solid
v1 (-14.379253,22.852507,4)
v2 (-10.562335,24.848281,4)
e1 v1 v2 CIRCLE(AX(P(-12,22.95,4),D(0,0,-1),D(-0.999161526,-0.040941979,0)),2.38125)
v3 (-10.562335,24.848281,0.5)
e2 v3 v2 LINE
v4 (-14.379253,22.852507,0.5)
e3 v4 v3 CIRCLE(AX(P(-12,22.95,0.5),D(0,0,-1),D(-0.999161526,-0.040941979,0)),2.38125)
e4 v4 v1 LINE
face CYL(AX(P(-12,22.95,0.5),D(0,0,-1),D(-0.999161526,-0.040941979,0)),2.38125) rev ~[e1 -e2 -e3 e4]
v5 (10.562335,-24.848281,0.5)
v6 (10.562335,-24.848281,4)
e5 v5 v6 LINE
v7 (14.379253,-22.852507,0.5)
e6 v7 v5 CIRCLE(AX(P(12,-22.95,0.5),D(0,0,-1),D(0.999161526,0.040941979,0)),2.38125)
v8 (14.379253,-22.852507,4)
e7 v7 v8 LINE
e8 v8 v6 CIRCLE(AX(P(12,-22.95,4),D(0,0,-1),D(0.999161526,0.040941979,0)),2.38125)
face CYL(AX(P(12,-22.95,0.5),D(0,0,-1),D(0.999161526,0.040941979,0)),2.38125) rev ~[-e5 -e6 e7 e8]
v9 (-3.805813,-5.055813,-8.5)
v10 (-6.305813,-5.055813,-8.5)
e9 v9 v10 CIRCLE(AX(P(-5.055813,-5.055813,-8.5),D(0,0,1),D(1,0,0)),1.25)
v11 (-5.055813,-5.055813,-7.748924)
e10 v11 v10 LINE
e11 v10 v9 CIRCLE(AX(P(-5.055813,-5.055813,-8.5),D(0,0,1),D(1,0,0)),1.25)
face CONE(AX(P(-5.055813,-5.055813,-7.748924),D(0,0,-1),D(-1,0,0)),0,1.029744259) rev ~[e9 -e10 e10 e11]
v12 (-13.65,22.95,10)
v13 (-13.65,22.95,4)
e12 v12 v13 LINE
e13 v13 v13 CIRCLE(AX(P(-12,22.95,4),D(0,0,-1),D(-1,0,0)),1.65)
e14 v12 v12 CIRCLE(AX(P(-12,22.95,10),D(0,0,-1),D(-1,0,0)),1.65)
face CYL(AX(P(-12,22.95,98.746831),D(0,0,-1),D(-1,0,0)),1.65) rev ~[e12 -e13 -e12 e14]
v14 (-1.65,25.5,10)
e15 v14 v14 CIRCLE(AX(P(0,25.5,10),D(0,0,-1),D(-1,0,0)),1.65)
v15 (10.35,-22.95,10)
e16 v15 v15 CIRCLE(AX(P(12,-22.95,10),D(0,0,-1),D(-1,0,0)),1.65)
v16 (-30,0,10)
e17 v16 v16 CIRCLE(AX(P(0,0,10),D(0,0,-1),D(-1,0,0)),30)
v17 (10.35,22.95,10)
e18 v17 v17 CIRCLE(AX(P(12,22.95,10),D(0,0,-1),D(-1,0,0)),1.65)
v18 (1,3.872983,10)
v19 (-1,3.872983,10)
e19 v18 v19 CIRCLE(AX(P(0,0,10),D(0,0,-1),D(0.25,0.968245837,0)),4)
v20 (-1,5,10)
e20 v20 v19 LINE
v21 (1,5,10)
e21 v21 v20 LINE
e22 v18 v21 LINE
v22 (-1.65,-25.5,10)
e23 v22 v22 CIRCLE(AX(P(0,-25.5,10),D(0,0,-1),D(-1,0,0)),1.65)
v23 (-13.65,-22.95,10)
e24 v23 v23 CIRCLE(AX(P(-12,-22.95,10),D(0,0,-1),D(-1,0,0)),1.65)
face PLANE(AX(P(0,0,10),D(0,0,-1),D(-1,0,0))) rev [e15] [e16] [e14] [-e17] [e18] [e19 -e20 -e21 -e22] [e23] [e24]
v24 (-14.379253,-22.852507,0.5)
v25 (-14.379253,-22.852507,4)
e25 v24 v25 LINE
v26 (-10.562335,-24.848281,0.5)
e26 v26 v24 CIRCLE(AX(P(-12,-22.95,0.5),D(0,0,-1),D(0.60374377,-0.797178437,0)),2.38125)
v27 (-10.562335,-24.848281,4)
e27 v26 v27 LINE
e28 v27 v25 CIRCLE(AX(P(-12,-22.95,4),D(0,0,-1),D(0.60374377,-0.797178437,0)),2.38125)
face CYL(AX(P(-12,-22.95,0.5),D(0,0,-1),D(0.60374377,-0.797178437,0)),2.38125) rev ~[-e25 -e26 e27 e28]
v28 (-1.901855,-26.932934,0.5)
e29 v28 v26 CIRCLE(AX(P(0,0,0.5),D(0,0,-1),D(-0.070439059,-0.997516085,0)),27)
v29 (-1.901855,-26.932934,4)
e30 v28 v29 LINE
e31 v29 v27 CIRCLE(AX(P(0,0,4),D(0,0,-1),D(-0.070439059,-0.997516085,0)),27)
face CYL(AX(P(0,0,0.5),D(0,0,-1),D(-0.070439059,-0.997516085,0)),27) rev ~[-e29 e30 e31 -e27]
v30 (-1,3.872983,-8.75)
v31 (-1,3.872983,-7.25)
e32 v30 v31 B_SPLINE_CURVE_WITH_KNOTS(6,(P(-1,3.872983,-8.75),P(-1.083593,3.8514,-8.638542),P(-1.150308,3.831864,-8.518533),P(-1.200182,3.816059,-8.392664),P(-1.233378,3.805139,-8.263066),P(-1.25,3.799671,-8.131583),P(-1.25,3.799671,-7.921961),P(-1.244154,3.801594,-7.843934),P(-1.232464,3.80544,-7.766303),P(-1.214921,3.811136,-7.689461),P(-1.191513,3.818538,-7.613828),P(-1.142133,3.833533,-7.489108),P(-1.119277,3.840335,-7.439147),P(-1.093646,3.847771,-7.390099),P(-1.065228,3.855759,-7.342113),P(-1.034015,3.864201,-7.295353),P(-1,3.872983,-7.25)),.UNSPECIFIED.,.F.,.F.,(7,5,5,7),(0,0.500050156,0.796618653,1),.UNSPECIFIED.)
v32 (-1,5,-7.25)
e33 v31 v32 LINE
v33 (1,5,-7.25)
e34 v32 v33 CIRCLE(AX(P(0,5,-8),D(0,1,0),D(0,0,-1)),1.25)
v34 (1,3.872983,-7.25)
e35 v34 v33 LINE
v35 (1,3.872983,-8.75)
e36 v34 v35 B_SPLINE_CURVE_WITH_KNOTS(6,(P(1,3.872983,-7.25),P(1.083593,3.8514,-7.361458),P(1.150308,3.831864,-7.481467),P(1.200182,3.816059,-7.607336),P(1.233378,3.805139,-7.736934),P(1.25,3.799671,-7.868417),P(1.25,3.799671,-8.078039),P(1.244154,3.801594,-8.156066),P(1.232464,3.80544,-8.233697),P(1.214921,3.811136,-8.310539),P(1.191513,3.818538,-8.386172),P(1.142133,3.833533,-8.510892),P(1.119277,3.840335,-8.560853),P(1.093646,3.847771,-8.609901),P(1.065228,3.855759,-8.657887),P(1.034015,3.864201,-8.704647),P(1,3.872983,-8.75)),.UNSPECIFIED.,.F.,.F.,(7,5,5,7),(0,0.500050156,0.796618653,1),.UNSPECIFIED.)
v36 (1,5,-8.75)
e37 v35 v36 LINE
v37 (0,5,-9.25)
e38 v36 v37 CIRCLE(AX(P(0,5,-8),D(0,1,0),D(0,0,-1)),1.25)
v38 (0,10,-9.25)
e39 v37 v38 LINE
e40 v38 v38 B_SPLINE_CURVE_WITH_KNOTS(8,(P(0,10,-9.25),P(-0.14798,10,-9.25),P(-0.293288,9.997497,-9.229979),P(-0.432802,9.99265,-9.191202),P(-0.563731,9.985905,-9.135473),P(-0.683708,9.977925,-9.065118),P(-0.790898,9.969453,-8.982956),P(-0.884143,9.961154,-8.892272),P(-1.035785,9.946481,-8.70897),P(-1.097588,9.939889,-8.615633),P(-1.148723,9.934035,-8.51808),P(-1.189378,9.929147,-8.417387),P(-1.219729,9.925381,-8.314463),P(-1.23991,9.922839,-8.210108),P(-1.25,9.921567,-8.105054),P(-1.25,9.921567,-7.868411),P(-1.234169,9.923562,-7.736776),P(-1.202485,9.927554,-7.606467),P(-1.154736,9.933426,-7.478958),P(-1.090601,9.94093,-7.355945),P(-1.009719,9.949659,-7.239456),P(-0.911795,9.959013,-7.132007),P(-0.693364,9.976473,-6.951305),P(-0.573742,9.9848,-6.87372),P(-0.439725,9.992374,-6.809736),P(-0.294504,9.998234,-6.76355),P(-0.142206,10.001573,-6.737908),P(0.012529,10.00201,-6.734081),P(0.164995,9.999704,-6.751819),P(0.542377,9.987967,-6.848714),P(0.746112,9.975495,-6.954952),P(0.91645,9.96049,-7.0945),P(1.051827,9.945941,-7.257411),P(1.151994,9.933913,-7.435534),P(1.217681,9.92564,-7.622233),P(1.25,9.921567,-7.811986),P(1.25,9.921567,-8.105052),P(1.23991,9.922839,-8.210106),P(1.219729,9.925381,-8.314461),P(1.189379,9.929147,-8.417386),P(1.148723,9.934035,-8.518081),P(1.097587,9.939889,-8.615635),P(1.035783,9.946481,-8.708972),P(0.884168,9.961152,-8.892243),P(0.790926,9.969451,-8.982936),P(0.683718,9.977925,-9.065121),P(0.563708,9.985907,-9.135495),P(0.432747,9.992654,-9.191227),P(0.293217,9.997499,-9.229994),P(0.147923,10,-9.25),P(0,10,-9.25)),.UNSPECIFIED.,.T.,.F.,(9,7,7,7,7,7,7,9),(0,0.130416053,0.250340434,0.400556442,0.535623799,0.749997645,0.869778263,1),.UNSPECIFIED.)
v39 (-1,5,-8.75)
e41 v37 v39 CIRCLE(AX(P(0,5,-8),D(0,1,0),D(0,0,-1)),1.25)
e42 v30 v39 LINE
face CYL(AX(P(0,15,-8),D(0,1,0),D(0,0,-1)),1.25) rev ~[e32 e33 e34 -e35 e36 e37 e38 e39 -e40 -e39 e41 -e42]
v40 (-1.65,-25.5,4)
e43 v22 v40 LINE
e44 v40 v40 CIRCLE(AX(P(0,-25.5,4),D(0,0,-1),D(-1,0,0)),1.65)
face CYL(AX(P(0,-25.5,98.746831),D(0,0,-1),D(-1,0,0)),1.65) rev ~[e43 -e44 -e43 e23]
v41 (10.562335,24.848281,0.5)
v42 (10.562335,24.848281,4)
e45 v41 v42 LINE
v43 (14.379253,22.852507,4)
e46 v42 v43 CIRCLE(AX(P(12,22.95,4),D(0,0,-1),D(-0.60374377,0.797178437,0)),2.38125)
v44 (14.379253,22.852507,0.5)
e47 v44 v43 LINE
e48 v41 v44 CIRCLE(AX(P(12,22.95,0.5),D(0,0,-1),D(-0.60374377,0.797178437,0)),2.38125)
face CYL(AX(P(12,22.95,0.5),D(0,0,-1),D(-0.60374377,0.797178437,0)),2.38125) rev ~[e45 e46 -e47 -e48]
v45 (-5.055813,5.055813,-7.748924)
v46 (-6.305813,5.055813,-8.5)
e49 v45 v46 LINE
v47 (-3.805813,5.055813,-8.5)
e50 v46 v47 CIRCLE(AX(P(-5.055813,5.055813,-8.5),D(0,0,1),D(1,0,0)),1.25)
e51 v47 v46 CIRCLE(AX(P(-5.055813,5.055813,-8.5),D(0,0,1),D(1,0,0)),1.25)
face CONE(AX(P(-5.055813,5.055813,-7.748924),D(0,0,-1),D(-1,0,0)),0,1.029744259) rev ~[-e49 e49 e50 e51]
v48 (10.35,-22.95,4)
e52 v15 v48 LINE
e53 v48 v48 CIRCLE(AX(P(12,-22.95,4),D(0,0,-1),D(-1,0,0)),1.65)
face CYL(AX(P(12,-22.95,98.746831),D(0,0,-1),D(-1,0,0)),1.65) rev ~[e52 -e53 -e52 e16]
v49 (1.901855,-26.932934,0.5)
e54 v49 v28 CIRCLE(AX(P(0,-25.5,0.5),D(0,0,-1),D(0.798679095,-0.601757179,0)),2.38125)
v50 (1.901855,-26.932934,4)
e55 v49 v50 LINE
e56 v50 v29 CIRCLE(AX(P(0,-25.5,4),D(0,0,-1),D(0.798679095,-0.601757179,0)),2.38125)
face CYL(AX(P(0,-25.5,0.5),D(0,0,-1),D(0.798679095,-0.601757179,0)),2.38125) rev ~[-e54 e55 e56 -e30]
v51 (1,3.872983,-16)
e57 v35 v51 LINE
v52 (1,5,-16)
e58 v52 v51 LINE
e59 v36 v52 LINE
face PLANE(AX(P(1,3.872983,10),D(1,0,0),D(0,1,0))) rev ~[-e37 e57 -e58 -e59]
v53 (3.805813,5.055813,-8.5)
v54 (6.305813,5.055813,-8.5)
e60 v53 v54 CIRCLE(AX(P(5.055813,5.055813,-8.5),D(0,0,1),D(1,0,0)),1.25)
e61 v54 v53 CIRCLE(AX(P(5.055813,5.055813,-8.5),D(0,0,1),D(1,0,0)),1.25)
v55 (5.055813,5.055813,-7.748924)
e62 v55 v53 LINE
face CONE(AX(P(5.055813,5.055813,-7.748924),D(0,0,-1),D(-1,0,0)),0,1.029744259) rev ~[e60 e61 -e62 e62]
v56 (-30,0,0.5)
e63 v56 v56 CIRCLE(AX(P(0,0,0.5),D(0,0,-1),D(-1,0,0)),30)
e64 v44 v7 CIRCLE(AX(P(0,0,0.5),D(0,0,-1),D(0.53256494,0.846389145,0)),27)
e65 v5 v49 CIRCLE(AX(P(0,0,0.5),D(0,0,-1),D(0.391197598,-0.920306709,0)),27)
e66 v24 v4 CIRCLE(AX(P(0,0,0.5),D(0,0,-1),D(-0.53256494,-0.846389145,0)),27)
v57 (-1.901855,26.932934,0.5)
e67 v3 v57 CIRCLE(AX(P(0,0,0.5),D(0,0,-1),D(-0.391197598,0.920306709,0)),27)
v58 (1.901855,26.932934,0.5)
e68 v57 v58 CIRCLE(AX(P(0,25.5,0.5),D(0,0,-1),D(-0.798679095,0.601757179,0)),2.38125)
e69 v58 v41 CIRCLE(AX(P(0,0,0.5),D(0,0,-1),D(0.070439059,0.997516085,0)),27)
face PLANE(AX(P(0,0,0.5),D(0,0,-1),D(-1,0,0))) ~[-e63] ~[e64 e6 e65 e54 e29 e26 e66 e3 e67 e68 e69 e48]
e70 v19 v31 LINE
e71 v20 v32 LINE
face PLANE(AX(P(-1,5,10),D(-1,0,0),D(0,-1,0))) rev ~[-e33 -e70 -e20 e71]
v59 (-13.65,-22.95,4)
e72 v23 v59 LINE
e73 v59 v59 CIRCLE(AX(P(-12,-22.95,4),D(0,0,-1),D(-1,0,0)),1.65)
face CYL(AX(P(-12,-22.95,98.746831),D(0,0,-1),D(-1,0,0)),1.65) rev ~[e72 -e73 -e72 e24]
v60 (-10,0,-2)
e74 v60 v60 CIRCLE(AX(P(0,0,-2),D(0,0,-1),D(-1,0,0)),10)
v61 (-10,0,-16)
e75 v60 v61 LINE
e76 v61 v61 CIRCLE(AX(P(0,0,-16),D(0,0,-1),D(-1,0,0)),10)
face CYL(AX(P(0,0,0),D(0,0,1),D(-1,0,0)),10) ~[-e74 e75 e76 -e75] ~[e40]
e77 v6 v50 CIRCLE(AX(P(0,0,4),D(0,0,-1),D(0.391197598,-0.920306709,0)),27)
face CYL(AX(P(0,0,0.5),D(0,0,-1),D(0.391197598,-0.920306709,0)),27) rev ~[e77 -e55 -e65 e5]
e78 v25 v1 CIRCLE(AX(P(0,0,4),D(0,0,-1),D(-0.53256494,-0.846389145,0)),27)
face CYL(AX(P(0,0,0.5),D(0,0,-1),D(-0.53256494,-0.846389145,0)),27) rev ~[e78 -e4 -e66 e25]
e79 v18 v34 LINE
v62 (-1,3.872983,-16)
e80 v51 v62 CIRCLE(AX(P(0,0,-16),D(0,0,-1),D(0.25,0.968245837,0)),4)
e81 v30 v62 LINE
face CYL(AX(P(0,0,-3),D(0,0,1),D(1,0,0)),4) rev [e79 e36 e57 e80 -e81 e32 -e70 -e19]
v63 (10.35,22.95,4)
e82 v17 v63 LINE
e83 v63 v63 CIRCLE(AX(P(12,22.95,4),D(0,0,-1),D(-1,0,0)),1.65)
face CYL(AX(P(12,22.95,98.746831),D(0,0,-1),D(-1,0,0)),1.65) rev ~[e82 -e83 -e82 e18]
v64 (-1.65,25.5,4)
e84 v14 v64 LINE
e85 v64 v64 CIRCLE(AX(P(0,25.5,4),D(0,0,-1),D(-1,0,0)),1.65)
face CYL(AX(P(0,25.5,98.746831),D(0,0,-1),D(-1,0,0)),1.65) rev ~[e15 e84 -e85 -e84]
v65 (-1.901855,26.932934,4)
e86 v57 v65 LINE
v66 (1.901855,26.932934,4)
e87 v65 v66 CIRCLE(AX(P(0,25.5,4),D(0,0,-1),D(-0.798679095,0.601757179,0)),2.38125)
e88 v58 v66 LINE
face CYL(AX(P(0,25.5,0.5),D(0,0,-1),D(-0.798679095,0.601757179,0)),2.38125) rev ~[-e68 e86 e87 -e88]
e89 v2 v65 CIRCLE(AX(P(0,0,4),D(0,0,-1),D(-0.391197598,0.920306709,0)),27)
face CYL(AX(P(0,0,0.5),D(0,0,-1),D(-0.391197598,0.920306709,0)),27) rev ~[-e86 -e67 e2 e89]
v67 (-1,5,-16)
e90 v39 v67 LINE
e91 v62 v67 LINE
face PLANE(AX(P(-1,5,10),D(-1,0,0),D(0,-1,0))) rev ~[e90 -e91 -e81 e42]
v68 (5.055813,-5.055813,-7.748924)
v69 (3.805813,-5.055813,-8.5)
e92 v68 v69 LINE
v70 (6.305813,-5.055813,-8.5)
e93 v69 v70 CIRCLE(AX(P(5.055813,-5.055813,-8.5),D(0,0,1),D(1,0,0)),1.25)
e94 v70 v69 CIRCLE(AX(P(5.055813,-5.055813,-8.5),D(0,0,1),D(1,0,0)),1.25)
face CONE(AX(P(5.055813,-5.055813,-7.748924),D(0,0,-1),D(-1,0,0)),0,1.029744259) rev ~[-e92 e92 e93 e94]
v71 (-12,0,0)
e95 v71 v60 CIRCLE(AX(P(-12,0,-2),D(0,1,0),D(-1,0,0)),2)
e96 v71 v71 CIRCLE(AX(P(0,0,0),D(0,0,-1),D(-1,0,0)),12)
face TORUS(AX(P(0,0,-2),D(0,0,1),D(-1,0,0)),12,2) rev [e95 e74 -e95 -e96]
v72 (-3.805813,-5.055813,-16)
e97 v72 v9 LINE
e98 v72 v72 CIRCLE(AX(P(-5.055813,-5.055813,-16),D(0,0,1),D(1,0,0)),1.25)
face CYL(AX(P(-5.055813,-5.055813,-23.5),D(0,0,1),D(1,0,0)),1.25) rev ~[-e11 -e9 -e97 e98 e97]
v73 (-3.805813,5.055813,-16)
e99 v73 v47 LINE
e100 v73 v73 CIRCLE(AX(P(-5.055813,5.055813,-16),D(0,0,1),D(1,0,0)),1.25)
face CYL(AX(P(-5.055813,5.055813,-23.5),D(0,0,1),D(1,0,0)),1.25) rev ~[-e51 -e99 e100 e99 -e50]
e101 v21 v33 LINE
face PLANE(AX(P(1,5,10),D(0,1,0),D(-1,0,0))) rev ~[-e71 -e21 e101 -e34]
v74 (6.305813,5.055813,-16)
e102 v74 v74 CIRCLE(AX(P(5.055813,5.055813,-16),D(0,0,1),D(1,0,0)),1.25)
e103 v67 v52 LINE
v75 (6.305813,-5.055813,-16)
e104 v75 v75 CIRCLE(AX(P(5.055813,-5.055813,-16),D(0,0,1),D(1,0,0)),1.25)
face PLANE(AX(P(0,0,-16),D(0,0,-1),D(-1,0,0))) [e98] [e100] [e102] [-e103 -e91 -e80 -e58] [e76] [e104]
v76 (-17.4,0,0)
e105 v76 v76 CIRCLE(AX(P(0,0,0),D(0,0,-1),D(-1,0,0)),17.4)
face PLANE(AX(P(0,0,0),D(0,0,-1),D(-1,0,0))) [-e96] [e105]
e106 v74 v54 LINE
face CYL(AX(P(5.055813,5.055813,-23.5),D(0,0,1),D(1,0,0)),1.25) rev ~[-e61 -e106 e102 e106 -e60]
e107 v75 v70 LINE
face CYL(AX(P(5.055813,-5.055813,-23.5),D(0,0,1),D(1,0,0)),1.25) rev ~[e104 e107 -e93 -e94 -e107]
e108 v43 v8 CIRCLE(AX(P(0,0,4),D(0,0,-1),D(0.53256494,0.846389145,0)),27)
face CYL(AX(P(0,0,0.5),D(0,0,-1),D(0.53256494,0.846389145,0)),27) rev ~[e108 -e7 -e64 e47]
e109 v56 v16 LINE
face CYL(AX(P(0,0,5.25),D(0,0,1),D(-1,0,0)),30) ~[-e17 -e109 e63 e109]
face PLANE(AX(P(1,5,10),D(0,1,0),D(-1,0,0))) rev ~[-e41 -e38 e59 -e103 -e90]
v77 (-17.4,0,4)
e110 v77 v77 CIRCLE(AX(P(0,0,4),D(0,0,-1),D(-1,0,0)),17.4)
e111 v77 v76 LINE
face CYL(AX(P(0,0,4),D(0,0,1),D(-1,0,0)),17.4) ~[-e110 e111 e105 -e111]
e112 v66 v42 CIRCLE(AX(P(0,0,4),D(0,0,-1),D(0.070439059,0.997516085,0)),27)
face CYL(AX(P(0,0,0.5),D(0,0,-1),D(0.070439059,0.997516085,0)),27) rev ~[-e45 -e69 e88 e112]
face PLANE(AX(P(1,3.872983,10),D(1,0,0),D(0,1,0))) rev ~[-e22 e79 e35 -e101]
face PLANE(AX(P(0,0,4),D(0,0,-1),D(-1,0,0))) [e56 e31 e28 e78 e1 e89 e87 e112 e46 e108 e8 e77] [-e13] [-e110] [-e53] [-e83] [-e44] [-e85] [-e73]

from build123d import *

# Parameters (mm, degrees)
SKETCH1_W                 = 30
SKETCH1_H                 = 9.5
CUT_EXTRUDE1_DEPTH        = 3.5
SKETCH3_R                 = 17.4
BOSS_EXTRUDE1_DEPTH       = 4
SKETCH4_R                 = 10
BOSS_EXTRUDE2_DEPTH       = 16
CUT_EXTRUDE2_DEPTH        = 50.759421218
SKETCH6_W                 = 4
SKETCH6_H                 = 26
M4X0_7_TAPPED_HOLE1_D     = 3.3
M3X0_5_TAPPED_HOLE1_D     = 2.5
M3X0_5_TAPPED_HOLE1_DEPTH = 7.5
M3X0_5_TAPPED_HOLE1_TIP   = 0.751075774
FILLET1_R                 = 2
SKETCH15_W                = 1.25
SKETCH15_H                = 30


with BuildPart() as part:
    # Sketch1 → Revolve1 (revolve)
    with BuildSketch(Plane.XZ, mode=Mode.PRIVATE) as revolve1_sk:
        with Locations((15, 5.25)):
            Rectangle(SKETCH1_W, SKETCH1_H)
    revolve(revolve1_sk.sketch.rotate(Axis((0, 0, 10), (0, 0, -1)), 180), axis=Axis((0, 0, 10), (0, 0, -1)))

    # Sketch2 → Cut-Extrude1 (cut)
    with BuildSketch(Plane(origin=(0, 0, 0.5), x_dir=(-1, 0, 0), z_dir=(0, 0, -1))):
        with BuildLine():
            ThreePointArc((-14.379253383, 22.852506912), (-27, 0), (-14.379253383, -22.852506912))
            ThreePointArc((-14.379253383, -22.852506912), (-13.103370267, -25.060195635), (-10.562335147, -24.848281153))
            ThreePointArc((-10.562335147, -24.848281153), (-6.318658968, -26.250229501), (-1.901854596, -26.932934283))
            ThreePointArc((-1.901854596, -26.932934283), (0, -27.88125), (1.901854596, -26.932934283))
            ThreePointArc((1.901854596, -26.932934283), (6.318658968, -26.250229501), (10.562335147, -24.848281153))
            ThreePointArc((10.562335147, -24.848281153), (13.103370267, -25.060195635), (14.379253383, -22.852506912))
            ThreePointArc((14.379253383, -22.852506912), (27, 0), (14.379253383, 22.852506912))
            ThreePointArc((14.379253383, 22.852506912), (13.103370267, 25.060195635), (10.562335147, 24.848281153))
            ThreePointArc((10.562335147, 24.848281153), (6.318658968, 26.250229501), (1.901854596, 26.932934283))
            ThreePointArc((1.901854596, 26.932934283), (0, 27.88125), (-1.901854596, 26.932934283))
            ThreePointArc((-1.901854596, 26.932934283), (-6.318658968, 26.250229501), (-10.562335147, 24.848281153))
            ThreePointArc((-10.562335147, 24.848281153), (-13.103370267, 25.060195635), (-14.379253383, 22.852506912))
        make_face()
    extrude(amount=-CUT_EXTRUDE1_DEPTH, mode=Mode.SUBTRACT)

    # Sketch3 → Boss-Extrude1 (add)
    with BuildSketch(Plane(origin=(0, 0, 4), x_dir=(-1, 0, 0), z_dir=(0, 0, -1))):
        Circle(SKETCH3_R)
    extrude(amount=BOSS_EXTRUDE1_DEPTH)

    # Sketch4 → Boss-Extrude2 (add)
    with BuildSketch(Plane(origin=(0, 0, 0), x_dir=(-1, 0, 0), z_dir=(0, 0, -1))):
        Circle(SKETCH4_R)
    extrude(amount=BOSS_EXTRUDE2_DEPTH)

    # Sketch5 → Cut-Extrude2 (cut, through all)
    with BuildSketch(Plane.XY.offset(10)):
        with BuildLine():
            Line((-1, 5), (-1, 3.872983346))
            ThreePointArc((-1, 3.872983346), (0, 4), (1, 3.872983346))
            Line((1, 3.872983346), (1, 5))
            Line((1, 5), (-1, 5))
        make_face()
    extrude(amount=-CUT_EXTRUDE2_DEPTH, mode=Mode.SUBTRACT)

    # Sketch6 → Cut-Revolve1 (revolve, cut)
    with BuildSketch(Plane.XZ):
        with Locations((2, -3)):
            Rectangle(SKETCH6_W, SKETCH6_H)
    revolve(axis=Axis((0, 0, 10), (0, 0, -1)), mode=Mode.SUBTRACT)

    # M4x0.7 Tapped Hole1 (through all)
    with Locations(Plane.XY.offset(10)):
        with Locations((-12, -22.95), (0, -25.5), (12, -22.95), (12, 22.95), (0, 25.5), (-12, 22.95)):
            Hole(M4X0_7_TAPPED_HOLE1_D / 2)

    # M3x0.5 Tapped Hole1
    with Locations(Plane(origin=(0, 0, -16), x_dir=(-1, 0, 0), z_dir=(0, 0, -1))):
        with Locations((-5.055813485, -5.055813485), (5.055813485, -5.055813485), (5.055813485, 5.055813485), (-5.055813485, 5.055813485)):
            Hole(M3X0_5_TAPPED_HOLE1_D / 2, depth=M3X0_5_TAPPED_HOLE1_DEPTH)
            with Locations((0, 0, -(M3X0_5_TAPPED_HOLE1_DEPTH + M3X0_5_TAPPED_HOLE1_TIP / 2))):  # 118° drill point
                Cone(0, M3X0_5_TAPPED_HOLE1_D / 2, M3X0_5_TAPPED_HOLE1_TIP, mode=Mode.SUBTRACT)

    # Fillet1
    fillet1_edges = [part.edges().sort_by_distance(p)[0] for p in [
        (10, 0, 0),
    ]]
    fillet(fillet1_edges, radius=FILLET1_R)

    # Sketch15 → M3x0.5 Tapped Hole2 (revolve, cut)
    with BuildSketch(Plane(origin=(0, 0, -8), x_dir=(0, 0, -1), z_dir=(1, 0, 0))):
        with Locations((0.625, 15)):
            Rectangle(SKETCH15_W, SKETCH15_H)
    revolve(axis=Axis((0, -6.35, -8), (0, 1, 0)), mode=Mode.SUBTRACT)


solid = part.part
